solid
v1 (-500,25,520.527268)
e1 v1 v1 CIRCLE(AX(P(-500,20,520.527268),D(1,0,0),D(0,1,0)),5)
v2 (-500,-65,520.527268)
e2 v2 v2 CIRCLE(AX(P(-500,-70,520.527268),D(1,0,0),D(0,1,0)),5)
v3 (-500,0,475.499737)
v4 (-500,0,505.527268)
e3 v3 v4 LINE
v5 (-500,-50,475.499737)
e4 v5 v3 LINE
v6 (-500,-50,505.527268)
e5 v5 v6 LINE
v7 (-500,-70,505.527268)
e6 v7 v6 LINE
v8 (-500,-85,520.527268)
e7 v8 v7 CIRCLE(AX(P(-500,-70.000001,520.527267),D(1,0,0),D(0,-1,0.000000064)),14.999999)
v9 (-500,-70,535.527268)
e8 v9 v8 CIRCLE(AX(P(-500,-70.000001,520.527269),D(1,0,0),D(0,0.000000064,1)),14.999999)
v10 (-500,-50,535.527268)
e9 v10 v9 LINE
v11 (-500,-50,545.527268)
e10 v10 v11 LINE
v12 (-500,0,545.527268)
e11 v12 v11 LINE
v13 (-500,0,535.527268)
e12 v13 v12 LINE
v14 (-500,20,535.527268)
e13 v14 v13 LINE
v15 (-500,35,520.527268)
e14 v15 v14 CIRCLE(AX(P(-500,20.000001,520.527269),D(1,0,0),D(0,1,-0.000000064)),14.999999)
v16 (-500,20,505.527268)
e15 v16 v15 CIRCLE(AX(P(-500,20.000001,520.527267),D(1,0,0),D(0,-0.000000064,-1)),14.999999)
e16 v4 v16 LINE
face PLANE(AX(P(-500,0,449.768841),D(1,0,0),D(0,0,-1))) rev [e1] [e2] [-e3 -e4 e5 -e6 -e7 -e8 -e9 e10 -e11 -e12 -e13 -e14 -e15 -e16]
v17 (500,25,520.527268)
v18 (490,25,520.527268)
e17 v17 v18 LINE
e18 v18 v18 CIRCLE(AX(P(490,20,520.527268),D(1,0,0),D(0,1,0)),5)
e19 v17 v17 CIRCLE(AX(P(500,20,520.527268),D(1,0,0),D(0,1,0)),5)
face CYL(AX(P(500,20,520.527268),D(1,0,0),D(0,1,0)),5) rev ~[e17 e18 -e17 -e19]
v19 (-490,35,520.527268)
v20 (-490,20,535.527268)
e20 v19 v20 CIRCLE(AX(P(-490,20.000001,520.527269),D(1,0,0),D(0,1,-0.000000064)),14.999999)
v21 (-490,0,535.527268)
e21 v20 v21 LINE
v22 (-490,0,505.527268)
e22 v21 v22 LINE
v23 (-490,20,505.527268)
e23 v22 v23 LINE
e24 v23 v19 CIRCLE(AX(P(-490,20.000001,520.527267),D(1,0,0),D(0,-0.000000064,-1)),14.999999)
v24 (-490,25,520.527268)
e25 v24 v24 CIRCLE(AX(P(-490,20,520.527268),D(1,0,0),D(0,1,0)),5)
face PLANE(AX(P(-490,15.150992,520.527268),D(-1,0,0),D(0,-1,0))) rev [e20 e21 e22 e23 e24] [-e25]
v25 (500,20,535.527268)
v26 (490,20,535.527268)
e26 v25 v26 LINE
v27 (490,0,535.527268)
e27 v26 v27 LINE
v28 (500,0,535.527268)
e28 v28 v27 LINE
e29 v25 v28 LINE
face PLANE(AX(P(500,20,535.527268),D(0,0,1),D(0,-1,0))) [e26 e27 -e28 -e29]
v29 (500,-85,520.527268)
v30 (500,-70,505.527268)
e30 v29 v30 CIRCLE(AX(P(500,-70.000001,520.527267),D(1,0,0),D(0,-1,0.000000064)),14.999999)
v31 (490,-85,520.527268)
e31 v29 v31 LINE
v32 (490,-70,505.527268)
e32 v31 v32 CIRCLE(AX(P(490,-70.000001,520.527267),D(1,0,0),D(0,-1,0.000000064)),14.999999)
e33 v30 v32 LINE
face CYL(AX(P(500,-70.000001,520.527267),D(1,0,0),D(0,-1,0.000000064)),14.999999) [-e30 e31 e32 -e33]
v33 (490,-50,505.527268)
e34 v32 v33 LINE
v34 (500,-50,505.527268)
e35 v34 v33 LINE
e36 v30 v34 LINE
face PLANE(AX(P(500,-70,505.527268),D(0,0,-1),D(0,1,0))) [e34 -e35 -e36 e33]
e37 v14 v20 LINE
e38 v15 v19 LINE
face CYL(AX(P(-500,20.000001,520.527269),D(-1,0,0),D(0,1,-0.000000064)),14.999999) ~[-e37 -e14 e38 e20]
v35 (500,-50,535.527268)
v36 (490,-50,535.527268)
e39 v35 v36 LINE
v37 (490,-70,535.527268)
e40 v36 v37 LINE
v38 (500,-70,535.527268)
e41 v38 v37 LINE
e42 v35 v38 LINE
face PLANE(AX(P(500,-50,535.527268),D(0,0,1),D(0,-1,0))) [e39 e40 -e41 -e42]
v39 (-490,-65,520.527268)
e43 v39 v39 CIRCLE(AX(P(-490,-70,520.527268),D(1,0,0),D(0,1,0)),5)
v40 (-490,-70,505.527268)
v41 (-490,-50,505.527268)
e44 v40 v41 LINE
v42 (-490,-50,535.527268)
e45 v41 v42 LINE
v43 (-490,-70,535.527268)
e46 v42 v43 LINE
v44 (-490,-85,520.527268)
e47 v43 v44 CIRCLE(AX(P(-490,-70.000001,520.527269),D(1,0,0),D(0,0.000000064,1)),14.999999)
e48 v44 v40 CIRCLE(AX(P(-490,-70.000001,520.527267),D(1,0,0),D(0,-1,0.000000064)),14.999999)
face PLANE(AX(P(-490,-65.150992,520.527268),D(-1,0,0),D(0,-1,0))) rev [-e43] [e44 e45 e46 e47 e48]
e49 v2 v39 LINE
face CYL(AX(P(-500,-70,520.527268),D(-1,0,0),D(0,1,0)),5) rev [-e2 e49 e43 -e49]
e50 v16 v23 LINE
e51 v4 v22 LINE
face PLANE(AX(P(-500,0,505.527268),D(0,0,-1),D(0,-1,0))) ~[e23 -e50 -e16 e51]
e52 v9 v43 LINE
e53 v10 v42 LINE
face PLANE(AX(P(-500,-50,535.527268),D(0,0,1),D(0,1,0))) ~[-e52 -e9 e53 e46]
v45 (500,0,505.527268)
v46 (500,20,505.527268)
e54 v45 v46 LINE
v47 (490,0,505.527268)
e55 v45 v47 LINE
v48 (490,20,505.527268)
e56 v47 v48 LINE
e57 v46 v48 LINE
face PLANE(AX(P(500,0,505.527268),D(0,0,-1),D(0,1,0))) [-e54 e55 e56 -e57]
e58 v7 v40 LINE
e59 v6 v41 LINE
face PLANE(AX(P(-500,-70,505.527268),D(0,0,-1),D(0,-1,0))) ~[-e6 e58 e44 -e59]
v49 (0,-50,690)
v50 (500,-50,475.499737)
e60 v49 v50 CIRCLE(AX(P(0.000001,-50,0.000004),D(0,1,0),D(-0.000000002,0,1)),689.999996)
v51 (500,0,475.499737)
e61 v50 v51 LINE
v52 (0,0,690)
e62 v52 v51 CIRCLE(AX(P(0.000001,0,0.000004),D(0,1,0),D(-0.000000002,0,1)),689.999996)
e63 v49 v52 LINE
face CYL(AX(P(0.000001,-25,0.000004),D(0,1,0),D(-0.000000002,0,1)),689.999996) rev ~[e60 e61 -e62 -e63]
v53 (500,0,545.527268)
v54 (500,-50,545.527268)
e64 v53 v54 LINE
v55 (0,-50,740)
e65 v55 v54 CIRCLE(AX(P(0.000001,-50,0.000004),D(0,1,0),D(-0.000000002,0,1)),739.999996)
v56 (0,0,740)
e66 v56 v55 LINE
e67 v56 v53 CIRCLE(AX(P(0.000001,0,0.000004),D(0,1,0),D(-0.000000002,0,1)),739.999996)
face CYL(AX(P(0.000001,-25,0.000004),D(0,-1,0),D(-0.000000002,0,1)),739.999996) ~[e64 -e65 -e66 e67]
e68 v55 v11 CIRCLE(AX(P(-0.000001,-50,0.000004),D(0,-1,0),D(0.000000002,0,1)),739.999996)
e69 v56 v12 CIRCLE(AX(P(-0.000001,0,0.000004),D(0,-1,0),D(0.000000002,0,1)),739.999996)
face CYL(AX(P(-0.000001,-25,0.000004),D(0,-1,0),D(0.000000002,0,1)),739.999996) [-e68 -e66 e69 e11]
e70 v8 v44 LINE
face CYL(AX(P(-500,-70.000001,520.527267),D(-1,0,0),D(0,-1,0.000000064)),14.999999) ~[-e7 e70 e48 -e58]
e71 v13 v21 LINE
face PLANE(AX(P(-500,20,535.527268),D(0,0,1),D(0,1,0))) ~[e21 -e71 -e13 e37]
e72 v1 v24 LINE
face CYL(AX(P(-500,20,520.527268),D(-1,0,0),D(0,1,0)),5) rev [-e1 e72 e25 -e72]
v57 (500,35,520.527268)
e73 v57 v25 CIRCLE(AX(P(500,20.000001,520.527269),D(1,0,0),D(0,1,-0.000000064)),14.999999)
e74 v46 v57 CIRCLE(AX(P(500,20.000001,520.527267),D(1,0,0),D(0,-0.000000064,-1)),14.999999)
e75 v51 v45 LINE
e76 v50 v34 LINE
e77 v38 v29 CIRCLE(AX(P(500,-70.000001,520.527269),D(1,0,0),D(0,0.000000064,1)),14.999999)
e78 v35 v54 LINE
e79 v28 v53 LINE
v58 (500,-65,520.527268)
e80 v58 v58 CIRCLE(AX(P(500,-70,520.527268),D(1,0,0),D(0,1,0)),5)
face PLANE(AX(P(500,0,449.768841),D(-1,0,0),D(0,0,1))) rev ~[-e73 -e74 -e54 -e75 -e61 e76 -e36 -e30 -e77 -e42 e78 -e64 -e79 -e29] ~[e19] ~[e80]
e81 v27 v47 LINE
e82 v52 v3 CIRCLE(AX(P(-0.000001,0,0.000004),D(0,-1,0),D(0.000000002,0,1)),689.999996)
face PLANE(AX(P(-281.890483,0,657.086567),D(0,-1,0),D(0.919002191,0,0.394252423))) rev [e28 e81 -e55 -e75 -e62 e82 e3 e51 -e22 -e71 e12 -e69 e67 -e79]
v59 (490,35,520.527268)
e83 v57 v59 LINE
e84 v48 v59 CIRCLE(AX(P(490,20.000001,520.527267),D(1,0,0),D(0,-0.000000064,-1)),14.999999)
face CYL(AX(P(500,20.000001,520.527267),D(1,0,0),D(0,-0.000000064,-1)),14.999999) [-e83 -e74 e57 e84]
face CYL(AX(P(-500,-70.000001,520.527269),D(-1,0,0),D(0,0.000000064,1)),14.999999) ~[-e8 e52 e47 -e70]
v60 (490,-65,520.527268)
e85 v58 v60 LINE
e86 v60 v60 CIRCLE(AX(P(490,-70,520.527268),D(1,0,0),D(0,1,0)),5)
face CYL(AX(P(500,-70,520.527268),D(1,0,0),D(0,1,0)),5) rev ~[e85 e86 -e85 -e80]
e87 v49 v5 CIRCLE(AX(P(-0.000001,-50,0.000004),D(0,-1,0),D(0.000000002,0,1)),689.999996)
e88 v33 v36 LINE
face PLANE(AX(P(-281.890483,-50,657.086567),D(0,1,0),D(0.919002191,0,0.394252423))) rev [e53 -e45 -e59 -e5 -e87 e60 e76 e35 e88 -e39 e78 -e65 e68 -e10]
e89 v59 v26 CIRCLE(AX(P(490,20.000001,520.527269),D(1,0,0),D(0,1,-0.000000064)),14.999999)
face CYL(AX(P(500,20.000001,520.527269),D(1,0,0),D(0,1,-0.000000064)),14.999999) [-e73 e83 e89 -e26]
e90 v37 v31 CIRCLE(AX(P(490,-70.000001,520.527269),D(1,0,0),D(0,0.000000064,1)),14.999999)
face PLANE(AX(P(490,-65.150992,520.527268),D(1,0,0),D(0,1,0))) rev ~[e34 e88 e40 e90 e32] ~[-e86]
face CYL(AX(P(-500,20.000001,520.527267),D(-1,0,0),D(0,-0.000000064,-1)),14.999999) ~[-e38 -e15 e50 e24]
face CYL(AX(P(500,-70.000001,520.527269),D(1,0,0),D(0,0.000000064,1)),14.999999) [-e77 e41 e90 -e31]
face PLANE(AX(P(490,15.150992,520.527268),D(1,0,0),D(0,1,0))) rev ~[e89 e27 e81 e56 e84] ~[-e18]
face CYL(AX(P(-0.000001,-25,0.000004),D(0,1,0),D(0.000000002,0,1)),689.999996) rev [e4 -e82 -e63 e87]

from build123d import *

# Parameters (mm, degrees)
F1_W     = 50
F1_H     = 50
F3_W     = 64.371526
F3_H     = 133.521259
F4_DEPTH = 91
F5_R     = 5
F6_DEPTH = 10


with BuildPart() as f2:
    # F2: sweep along a path in F0
    with BuildLine(Plane.XZ) as f2_path:
        ThreePointArc((0, 690), (272.034172, 634.111512), (500, 475.499737))
    # F1 (on Right) → F2 (sweep)
    with BuildSketch(Plane.YZ):
        with Locations((-25, 715)):
            Rectangle(F1_W, F1_H)
    sweep(path=f2_path.line)

    # F3 (on Front) → F4 (cut)
    with BuildSketch(Plane.XZ):
        with Locations((532.185763, 516.52947)):
            Rectangle(F3_W, F3_H)
    extrude(amount=F4_DEPTH, mode=Mode.SUBTRACT)

    # F5 (on face) → F6 (join)
    with BuildSketch(Plane.YZ.offset(500)):
        with BuildLine():
            Line((-50, 505.527268), (-50, 535.527268))
            Line((-50, 535.527268), (-70, 535.527268))
            ThreePointArc((-70, 535.527268), (-80.606602, 531.13387), (-85, 520.527268))
            ThreePointArc((-85, 520.527268), (-80.606602, 509.920666), (-70, 505.527268))
            Line((-70, 505.527268), (-50, 505.527268))
        make_face()
        with Locations((-70, 520.527268)):
            Circle(F5_R, mode=Mode.SUBTRACT)
        with BuildLine():
            Line((20, 535.527268), (0, 535.527268))
            Line((0, 535.527268), (0, 505.527268))
            Line((0, 505.527268), (20, 505.527268))
            ThreePointArc((20, 505.527268), (30.606602, 509.920666), (35, 520.527268))
            ThreePointArc((35, 520.527268), (30.606602, 531.13387), (20, 535.527268))
        make_face()
        with Locations((20, 520.527268)):
            Circle(F5_R, mode=Mode.SUBTRACT)
    extrude(amount=-F6_DEPTH)

    # F7: F2 across face


with BuildPart() as f2_1:
    add(f2.part)
    add(f2.part.mirror(Plane(origin=(0, -25, 715), x_dir=(0, -1, 0), z_dir=(-1, 0, 0))))


solid = f2_1.part
